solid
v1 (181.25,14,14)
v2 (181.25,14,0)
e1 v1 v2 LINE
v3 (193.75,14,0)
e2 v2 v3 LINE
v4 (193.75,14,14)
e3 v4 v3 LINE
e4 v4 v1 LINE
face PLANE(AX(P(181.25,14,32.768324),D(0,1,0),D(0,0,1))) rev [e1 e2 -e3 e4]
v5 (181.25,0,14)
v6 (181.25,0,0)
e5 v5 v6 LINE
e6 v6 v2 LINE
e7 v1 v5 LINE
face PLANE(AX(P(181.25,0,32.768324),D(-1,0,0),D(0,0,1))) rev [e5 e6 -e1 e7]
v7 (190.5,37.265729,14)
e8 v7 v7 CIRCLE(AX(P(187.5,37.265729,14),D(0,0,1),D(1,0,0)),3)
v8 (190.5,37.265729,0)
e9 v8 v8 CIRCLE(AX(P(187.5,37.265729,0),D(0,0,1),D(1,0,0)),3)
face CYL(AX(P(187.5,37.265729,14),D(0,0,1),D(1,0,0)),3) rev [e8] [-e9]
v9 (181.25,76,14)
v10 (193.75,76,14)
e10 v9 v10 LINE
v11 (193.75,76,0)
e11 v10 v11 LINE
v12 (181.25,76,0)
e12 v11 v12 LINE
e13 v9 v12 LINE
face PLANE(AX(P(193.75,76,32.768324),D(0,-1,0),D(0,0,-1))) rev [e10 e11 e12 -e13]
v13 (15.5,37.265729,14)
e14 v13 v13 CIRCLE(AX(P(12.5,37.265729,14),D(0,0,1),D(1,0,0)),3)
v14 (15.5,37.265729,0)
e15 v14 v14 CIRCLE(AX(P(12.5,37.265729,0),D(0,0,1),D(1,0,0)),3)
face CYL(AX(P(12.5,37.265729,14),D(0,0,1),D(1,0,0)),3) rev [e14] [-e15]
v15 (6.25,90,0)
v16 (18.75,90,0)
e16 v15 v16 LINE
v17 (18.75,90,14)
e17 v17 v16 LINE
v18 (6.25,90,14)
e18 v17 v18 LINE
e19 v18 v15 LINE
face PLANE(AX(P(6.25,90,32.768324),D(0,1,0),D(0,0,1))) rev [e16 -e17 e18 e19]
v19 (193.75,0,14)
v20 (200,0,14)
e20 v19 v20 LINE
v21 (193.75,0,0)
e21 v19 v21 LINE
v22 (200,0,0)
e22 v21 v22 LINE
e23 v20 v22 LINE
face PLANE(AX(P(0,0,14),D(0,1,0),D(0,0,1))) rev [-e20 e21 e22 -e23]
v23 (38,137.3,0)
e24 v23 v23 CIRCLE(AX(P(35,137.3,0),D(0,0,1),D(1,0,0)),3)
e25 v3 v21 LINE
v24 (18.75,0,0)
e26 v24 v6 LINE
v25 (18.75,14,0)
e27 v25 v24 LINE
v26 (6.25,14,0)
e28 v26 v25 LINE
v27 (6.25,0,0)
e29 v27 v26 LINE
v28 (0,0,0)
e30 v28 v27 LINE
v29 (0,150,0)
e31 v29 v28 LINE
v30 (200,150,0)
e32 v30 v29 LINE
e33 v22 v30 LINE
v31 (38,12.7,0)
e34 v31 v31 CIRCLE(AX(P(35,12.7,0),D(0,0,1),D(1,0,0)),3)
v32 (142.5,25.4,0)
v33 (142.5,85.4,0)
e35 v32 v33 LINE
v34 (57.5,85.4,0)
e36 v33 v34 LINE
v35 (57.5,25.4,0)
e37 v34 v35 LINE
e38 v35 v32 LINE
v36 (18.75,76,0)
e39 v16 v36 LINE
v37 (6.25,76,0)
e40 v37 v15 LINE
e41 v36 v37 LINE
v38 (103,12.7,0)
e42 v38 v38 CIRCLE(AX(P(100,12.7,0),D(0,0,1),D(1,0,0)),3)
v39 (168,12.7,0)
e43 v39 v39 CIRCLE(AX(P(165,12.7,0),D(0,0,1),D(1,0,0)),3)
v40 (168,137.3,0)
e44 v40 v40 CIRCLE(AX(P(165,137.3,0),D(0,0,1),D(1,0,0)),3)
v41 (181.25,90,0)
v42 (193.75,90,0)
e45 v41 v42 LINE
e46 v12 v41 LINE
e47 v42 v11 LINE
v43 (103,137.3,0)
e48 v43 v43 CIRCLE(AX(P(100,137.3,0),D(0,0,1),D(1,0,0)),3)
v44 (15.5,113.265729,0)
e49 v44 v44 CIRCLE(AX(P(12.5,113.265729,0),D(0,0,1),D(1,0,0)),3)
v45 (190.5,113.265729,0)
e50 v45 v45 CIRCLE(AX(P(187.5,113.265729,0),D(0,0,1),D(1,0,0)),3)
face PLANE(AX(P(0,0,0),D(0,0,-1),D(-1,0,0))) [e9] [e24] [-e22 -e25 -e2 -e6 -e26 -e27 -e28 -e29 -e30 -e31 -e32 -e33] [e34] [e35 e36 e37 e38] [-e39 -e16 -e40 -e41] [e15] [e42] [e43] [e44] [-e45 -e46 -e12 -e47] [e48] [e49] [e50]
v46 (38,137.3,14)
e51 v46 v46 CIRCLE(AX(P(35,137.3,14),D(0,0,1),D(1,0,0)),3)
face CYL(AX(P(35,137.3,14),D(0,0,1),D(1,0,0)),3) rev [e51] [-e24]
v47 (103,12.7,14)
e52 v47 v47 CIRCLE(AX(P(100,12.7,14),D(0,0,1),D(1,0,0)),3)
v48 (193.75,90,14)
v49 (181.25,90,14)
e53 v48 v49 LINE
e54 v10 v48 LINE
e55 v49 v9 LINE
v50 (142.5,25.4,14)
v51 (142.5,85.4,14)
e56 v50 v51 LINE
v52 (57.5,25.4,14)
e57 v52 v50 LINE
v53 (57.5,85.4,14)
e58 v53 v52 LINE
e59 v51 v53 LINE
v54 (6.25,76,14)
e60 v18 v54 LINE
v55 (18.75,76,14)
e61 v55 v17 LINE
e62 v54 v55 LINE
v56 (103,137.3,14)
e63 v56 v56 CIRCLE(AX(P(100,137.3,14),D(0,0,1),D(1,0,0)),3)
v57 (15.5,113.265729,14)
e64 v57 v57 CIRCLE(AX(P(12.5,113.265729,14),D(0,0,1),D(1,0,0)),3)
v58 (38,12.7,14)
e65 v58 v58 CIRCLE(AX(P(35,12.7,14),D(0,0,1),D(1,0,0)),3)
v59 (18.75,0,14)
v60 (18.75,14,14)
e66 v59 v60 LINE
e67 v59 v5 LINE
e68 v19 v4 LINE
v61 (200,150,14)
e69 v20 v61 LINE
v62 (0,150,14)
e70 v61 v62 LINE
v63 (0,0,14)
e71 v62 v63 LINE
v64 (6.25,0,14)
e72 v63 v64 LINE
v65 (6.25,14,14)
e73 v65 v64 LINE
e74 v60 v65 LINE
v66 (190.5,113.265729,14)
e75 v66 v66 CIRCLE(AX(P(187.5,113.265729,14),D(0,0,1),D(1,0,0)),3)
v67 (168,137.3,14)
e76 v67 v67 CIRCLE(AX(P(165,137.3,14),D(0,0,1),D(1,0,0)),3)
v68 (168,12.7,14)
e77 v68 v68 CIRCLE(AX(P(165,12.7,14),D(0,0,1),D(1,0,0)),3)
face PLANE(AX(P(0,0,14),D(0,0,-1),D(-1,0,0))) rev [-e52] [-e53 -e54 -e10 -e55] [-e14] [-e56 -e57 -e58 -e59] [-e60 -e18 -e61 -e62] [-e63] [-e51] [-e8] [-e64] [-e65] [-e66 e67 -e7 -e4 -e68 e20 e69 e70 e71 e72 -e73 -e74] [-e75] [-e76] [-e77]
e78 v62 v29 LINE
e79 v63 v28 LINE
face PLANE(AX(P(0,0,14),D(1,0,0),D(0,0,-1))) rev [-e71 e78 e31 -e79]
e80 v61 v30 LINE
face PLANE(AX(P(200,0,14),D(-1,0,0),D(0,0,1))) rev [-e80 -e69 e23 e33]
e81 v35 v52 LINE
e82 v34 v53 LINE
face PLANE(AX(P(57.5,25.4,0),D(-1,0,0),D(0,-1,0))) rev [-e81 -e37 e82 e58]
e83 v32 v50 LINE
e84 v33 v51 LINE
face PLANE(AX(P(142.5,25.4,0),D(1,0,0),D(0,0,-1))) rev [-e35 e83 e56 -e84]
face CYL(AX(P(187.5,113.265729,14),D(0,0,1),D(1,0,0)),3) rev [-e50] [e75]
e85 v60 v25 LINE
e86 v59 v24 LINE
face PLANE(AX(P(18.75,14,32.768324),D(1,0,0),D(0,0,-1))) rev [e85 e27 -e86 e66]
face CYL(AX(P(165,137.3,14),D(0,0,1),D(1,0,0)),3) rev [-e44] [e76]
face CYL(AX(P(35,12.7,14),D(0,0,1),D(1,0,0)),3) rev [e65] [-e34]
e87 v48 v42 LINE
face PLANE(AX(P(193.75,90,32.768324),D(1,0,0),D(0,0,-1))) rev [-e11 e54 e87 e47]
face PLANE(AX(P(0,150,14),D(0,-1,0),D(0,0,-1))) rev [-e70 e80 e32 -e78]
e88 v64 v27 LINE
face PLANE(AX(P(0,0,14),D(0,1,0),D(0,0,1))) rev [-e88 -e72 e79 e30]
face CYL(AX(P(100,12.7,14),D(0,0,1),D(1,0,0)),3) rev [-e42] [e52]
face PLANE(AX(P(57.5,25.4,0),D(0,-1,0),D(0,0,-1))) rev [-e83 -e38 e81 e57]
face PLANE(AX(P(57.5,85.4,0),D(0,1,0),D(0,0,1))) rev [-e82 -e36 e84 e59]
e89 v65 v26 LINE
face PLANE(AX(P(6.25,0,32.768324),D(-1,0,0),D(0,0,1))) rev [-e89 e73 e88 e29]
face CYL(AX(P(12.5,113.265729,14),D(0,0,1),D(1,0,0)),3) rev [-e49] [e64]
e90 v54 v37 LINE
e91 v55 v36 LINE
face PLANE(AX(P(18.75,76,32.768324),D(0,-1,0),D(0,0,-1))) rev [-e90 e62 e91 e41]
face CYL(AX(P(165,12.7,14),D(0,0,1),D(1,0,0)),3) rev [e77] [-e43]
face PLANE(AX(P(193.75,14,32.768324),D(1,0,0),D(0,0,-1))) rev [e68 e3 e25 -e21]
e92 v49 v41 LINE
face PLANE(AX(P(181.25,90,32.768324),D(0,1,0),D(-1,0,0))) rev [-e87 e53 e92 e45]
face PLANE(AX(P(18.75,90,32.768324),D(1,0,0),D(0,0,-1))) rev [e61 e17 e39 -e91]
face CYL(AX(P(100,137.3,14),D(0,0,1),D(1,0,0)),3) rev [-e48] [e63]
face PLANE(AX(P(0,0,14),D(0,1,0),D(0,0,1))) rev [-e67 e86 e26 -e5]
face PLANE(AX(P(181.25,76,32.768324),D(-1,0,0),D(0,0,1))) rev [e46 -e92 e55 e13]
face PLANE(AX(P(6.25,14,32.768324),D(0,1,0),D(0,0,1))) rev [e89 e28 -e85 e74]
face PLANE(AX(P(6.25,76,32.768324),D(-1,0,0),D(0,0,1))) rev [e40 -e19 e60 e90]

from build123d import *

# Parameters (mm, degrees)
SKETCH1_W                = 200
SKETCH1_H                = 150
BOSS_EXTRUDE1_DEPTH      = 14
SKETCH2_W                = 12.5
SKETCH2_H                = 14
CUT_EXTRUDE1_DEPTH       = 14
F_6_0_6_DIAMETER_HOLE1_D = 6
SKETCH6_W                = 85
SKETCH6_H                = 60
CUT_EXTRUDE2_DEPTH       = 15


with BuildPart() as part:
    # Sketch1 → Boss-Extrude1 (new body)
    with BuildSketch(Plane.XY):
        with Locations((100, 75)):
            Rectangle(SKETCH1_W, SKETCH1_H)
    extrude(amount=BOSS_EXTRUDE1_DEPTH)

    # Sketch2 → Cut-Extrude1 (cut)
    with BuildSketch(Plane(origin=(0, 0, 0), x_dir=(-1, 0, 0), z_dir=(0, 0, -1))):
        with Locations((-12.5, 7)):
            Rectangle(SKETCH2_W, SKETCH2_H)
        with Locations((-187.5, 7)):
            Rectangle(SKETCH2_W, SKETCH2_H)
        with Locations((-12.5, 83)):
            Rectangle(SKETCH2_W, SKETCH2_H)
        with Locations((-187.5, 83)):
            Rectangle(SKETCH2_W, SKETCH2_H)
    extrude(amount=-CUT_EXTRUDE1_DEPTH, mode=Mode.SUBTRACT)

    # Ø6.0 (6) Diameter Hole1 (through all)
    with Locations(Plane.XY.offset(14)):
        with Locations((12.5, 113.265728709), (187.5, 113.265728709), (187.5, 37.265728709), (12.5, 37.265728709), (35, 137.3), (100, 137.3), (165, 137.3), (165, 12.7), (100, 12.7), (35, 12.7)):
            Hole(F_6_0_6_DIAMETER_HOLE1_D / 2)

    # Sketch6 → Cut-Extrude2 (cut, through all)
    with BuildSketch(Plane.XY.offset(14)):
        with Locations((100, 55.4)):
            Rectangle(SKETCH6_W, SKETCH6_H)
    extrude(amount=-CUT_EXTRUDE2_DEPTH, mode=Mode.SUBTRACT)


solid = part.part
